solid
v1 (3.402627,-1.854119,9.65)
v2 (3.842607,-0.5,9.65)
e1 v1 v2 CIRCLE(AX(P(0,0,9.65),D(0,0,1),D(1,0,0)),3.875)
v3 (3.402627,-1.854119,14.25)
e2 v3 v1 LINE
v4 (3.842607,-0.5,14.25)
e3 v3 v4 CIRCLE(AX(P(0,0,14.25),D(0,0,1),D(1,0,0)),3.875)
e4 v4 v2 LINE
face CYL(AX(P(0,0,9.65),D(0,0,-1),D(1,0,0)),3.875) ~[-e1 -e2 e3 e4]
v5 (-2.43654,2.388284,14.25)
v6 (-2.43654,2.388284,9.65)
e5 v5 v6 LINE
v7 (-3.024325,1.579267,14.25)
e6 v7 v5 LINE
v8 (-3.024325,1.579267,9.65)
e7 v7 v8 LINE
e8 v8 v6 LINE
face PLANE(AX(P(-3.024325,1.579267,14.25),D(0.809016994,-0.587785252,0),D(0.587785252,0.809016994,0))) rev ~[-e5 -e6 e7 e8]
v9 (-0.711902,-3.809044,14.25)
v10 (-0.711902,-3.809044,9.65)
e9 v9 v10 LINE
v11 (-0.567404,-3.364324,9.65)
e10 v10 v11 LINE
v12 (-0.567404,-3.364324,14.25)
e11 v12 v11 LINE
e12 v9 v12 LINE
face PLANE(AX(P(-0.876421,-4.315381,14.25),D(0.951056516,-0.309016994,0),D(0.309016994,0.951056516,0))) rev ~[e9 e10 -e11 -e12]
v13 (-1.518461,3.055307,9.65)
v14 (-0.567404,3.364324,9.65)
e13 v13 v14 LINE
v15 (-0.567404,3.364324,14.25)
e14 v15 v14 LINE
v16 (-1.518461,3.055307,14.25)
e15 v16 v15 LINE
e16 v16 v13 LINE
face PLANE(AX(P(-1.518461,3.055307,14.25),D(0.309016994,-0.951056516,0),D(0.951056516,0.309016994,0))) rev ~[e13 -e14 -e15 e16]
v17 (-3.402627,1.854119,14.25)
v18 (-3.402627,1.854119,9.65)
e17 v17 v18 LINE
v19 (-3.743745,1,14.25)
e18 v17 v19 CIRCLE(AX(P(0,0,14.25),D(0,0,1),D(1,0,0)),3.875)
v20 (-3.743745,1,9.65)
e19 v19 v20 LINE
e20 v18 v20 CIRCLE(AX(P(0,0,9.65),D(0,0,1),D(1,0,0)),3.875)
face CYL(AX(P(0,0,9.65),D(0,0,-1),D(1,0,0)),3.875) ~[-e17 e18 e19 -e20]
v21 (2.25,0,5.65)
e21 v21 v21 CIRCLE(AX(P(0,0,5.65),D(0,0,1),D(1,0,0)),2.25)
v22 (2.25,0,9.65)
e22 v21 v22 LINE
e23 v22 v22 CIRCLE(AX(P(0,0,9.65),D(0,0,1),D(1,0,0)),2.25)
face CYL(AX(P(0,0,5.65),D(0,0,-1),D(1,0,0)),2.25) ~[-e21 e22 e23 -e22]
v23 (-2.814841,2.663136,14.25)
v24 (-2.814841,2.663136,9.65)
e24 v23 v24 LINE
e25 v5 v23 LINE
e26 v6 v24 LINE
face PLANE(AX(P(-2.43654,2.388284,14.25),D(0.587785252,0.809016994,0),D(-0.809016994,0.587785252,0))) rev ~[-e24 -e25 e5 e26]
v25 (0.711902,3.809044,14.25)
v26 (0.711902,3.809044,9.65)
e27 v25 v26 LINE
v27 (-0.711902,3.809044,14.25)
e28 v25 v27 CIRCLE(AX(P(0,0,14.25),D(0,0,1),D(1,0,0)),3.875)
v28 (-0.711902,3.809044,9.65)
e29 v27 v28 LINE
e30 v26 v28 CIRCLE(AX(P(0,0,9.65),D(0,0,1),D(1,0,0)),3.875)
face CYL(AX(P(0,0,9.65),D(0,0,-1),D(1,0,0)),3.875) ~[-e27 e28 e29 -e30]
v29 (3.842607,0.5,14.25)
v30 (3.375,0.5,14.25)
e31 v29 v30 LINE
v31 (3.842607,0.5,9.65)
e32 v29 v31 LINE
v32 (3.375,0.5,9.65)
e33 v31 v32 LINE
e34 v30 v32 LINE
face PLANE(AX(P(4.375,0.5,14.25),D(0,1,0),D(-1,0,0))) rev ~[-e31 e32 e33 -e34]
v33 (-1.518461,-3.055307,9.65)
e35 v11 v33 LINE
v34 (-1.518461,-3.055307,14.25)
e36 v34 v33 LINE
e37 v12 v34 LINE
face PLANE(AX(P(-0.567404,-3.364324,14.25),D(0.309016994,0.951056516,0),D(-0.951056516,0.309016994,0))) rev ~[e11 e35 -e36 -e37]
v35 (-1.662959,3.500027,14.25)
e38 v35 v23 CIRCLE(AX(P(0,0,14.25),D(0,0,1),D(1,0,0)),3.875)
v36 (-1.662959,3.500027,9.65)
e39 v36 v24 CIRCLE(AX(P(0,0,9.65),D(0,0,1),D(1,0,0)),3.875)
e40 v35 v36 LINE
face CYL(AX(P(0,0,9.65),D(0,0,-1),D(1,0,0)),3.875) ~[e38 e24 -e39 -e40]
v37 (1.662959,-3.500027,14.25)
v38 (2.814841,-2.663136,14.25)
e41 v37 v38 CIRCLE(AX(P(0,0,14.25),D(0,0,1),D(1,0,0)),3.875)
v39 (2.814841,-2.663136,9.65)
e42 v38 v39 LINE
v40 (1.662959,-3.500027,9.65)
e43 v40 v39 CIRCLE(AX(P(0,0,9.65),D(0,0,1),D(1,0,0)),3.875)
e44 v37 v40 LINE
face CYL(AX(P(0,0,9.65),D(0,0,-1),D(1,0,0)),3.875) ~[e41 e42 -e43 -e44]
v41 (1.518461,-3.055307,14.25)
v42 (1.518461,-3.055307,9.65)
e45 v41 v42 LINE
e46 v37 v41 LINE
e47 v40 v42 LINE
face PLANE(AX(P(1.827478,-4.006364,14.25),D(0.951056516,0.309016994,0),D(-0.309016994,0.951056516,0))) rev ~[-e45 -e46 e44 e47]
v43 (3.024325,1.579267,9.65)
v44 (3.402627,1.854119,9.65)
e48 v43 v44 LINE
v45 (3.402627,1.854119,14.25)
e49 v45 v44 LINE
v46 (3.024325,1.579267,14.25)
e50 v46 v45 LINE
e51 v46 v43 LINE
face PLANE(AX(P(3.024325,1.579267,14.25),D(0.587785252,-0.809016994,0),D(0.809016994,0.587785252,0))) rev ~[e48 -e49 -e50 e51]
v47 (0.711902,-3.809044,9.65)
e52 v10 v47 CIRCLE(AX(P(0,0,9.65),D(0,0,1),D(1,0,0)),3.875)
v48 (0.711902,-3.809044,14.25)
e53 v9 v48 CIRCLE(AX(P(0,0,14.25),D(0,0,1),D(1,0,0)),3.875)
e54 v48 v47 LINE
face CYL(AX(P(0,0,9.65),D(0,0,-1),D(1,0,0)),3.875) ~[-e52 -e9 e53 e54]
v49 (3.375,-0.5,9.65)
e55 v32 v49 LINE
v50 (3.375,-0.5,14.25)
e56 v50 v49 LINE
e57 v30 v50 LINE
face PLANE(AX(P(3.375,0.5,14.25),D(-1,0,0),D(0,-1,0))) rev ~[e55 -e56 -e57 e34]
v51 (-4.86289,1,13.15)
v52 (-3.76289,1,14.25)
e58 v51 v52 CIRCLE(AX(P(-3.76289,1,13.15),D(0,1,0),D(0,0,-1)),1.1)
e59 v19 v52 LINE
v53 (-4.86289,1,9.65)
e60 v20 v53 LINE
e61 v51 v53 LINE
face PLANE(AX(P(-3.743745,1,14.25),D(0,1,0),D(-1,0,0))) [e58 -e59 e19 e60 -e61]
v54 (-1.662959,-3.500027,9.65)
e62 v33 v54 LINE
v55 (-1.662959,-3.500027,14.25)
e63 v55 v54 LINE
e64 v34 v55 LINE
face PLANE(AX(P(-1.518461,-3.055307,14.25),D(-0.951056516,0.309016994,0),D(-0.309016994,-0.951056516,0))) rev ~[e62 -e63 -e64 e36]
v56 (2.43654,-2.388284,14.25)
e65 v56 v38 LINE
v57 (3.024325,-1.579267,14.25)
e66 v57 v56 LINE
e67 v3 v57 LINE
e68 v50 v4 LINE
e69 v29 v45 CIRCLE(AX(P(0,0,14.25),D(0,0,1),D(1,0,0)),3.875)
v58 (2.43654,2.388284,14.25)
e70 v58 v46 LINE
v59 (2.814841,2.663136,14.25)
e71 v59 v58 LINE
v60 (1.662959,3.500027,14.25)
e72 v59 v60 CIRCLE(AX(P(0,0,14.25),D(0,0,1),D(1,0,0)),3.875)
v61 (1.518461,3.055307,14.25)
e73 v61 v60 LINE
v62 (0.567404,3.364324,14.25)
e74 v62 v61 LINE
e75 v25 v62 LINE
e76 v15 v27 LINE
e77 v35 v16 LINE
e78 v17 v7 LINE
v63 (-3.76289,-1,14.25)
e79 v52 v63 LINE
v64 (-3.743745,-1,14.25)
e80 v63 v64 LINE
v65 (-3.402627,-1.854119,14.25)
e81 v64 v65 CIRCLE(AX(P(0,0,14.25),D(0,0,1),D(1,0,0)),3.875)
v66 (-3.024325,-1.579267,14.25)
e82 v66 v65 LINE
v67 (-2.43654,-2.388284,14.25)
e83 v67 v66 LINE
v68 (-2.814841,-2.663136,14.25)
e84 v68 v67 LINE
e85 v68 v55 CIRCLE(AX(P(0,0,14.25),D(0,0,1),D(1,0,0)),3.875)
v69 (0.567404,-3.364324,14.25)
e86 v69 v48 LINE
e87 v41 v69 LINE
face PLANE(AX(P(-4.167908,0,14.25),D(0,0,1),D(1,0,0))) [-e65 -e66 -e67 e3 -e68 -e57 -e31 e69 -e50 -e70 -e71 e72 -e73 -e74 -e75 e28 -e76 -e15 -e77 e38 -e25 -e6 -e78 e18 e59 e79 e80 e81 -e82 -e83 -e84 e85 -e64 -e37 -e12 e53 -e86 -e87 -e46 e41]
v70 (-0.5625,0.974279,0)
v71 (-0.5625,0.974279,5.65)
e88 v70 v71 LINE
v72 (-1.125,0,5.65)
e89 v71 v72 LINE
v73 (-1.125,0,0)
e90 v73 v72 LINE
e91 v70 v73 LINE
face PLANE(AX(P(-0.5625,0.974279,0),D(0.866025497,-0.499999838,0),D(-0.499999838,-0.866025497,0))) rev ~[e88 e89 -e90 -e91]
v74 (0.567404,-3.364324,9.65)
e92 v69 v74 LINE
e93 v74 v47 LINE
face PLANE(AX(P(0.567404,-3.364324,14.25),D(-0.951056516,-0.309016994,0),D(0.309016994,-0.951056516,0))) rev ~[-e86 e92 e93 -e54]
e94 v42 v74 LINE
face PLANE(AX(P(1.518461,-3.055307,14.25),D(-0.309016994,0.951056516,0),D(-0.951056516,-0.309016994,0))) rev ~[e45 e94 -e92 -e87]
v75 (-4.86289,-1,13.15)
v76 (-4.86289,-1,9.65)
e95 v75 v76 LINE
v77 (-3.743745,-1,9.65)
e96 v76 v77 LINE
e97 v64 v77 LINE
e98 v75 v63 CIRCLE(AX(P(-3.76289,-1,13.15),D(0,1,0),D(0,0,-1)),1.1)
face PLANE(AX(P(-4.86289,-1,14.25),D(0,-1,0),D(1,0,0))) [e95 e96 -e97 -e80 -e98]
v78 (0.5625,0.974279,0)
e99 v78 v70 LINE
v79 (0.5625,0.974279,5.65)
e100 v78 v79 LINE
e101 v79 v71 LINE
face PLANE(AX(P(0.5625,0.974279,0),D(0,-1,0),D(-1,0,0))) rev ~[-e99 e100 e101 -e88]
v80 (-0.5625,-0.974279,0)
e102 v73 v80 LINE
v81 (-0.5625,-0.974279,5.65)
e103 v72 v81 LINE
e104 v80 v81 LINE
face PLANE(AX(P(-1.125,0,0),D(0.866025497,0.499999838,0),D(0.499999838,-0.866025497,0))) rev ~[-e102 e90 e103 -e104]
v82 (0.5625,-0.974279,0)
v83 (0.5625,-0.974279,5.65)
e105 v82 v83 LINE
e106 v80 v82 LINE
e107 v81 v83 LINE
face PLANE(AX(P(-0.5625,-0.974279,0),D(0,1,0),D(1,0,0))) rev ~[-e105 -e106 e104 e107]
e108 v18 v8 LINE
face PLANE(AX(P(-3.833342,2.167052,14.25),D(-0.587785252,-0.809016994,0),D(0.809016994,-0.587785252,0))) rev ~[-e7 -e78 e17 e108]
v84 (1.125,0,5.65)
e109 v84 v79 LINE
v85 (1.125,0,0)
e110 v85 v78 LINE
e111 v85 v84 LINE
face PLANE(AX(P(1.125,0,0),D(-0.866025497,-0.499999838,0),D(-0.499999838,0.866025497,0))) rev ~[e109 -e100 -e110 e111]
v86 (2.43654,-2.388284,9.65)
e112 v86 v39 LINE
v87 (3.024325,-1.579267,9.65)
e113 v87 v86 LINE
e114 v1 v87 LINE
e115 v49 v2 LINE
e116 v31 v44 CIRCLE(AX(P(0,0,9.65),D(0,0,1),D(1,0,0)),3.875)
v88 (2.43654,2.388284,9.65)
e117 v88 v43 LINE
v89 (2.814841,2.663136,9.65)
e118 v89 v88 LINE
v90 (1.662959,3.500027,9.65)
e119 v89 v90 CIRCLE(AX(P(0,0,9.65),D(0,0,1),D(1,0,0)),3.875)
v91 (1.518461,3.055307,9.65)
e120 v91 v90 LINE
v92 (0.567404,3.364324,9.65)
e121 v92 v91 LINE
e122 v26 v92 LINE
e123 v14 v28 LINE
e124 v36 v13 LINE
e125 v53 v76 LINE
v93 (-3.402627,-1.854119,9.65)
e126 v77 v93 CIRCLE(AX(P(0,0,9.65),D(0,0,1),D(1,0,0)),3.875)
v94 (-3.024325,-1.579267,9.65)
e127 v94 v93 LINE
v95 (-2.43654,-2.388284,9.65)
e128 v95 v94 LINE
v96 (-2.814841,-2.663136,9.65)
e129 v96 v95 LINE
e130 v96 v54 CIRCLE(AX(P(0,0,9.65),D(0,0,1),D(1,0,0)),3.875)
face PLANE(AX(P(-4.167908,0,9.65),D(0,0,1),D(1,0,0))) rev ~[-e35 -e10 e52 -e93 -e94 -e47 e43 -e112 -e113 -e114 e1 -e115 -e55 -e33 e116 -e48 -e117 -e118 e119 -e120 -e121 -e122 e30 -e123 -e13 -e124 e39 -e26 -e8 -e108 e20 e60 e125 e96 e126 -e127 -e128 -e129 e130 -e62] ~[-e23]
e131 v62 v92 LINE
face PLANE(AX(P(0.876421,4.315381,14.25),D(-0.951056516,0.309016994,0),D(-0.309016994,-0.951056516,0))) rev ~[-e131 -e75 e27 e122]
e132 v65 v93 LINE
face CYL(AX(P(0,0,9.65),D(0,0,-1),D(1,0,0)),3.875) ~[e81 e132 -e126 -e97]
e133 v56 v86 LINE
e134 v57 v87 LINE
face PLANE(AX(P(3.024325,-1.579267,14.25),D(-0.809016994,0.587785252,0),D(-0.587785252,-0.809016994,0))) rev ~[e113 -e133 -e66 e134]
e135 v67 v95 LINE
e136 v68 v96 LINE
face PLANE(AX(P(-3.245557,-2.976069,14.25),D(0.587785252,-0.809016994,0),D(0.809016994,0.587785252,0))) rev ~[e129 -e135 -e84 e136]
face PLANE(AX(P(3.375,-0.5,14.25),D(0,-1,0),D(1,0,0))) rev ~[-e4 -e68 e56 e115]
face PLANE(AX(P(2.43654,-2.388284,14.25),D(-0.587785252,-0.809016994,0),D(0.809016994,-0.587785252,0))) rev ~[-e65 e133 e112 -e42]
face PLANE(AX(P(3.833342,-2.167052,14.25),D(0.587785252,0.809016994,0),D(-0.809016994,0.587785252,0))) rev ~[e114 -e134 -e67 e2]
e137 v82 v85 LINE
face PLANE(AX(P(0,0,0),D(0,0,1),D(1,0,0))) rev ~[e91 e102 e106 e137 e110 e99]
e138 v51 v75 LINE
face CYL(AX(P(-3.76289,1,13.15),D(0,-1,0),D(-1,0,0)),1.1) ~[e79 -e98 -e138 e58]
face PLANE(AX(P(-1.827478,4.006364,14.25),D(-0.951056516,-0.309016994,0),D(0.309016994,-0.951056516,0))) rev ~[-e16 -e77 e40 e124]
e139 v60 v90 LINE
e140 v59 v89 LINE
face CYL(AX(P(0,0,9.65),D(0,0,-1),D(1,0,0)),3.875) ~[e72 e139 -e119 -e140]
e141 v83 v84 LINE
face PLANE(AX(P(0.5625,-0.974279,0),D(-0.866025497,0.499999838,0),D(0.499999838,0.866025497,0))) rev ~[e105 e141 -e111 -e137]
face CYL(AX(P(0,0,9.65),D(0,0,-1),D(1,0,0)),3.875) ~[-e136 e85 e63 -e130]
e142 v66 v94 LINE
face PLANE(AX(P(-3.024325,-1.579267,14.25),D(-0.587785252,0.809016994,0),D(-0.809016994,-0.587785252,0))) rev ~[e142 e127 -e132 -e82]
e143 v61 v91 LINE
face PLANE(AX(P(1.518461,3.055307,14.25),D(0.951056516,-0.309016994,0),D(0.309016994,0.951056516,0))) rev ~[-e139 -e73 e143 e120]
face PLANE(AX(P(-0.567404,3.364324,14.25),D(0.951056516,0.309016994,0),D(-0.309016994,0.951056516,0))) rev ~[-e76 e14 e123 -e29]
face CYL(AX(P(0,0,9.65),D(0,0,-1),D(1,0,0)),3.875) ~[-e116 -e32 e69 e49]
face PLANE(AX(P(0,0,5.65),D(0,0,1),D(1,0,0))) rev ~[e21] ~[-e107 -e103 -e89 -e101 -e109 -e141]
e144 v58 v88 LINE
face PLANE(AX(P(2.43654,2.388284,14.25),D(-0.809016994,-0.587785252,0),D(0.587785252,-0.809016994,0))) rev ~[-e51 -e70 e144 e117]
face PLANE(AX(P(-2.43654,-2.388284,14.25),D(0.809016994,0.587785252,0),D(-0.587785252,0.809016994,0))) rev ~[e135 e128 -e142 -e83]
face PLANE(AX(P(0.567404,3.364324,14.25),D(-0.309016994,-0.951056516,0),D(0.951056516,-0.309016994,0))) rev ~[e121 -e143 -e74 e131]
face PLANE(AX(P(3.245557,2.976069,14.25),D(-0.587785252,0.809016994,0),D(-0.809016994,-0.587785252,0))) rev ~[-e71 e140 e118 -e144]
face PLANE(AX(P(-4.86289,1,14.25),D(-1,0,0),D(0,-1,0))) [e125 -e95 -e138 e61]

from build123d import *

# Parameters (mm, degrees)
F1_DEPTH  = 5.65
F2_R      = 2.25
F3_DEPTH  = 4
F4_R      = 3.875
F5_DEPTH  = 4.6
F7_DEPTH  = 5
F9_COUNT  = 10
F12_DEPTH = 4.6
F13_R     = 1.1


with BuildPart() as f1:
    # F0 (on Top) → F1 (new body)
    with BuildSketch(Plane.XY):
        Polygon((-0.5625, -0.974279), (0.5625, -0.974279), (1.125, 0), (0.5625, 0.974279), (-0.5625, 0.974279), (-1.125, 0), align=None)
    extrude(amount=F1_DEPTH)

    # F2 (on face) → F3 (join)
    with BuildSketch(Plane.XY.offset(5.65)):
        Circle(F2_R)
    extrude(amount=F3_DEPTH)

    # F4 (on face) → F5 (join)
    with BuildSketch(Plane.XY.offset(9.65)):
        Circle(F4_R)
    extrude(amount=F5_DEPTH)


with BuildPart() as f7:
    # F6 (on face) → F7 (new body)
    with BuildSketch(Plane.XY.offset(14.25)):
        with BuildLine():
            Line((3.842607, -0.5), (4.375, -0.5))
            Line((4.375, -0.5), (4.375, 0.5))
            Line((4.375, 0.5), (3.842607, 0.5))
            ThreePointArc((3.842607, 0.5), (3.866893, 0.250524), (3.875, 0))
            ThreePointArc((3.875, 0), (3.866893, -0.250524), (3.842607, -0.5))
        make_face()
        with BuildLine():
            Line((3.375, -0.5), (3.842607, -0.5))
            ThreePointArc((3.842607, -0.5), (3.866893, -0.250524), (3.875, 0))
            ThreePointArc((3.875, 0), (3.866893, 0.250524), (3.842607, 0.5))
            Line((3.842607, 0.5), (3.375, 0.5))
            Line((3.375, 0.5), (3.375, -0.5))
        make_face()
    extrude(amount=-F7_DEPTH)


with BuildPart() as f9_1:
    # F9: instance of F7
    add(f7.part.rotate(Axis((0, 0, 7.362194), (0, 0, -1)), 1 * 360 / F9_COUNT))


with BuildPart() as f9_2:
    # F9: instance of F7
    add(f7.part.rotate(Axis((0, 0, 7.362194), (0, 0, -1)), 2 * 360 / F9_COUNT))


with BuildPart() as f9_3:
    # F9: instance of F7
    add(f7.part.rotate(Axis((0, 0, 7.362194), (0, 0, -1)), 3 * 360 / F9_COUNT))


with BuildPart() as f9_4:
    # F9: instance of F7
    add(f7.part.rotate(Axis((0, 0, 7.362194), (0, 0, -1)), 4 * 360 / F9_COUNT))


with BuildPart() as f9_5:
    # F9: instance of F7
    add(f7.part.rotate(Axis((0, 0, 7.362194), (0, 0, -1)), 5 * 360 / F9_COUNT))


with BuildPart() as f9_6:
    # F9: instance of F7
    add(f7.part.rotate(Axis((0, 0, 7.362194), (0, 0, -1)), 6 * 360 / F9_COUNT))


with BuildPart() as f9_7:
    # F9: instance of F7
    add(f7.part.rotate(Axis((0, 0, 7.362194), (0, 0, -1)), 7 * 360 / F9_COUNT))


with BuildPart() as f9_8:
    # F9: instance of F7
    add(f7.part.rotate(Axis((0, 0, 7.362194), (0, 0, -1)), 8 * 360 / F9_COUNT))


with BuildPart() as f9_9:
    # F9: instance of F7
    add(f7.part.rotate(Axis((0, 0, 7.362194), (0, 0, -1)), 9 * 360 / F9_COUNT))


with BuildPart() as f1_1:
    add(f1.part)

    # F10: cut F7, F9_1, F9_2, F9_3, F9_4, F9_5, F9_6, F9_7, F9_8, F9_9
    add(f7.part, mode=Mode.SUBTRACT)
    add(f9_1.part, mode=Mode.SUBTRACT)
    add(f9_2.part, mode=Mode.SUBTRACT)
    add(f9_3.part, mode=Mode.SUBTRACT)
    add(f9_4.part, mode=Mode.SUBTRACT)
    add(f9_5.part, mode=Mode.SUBTRACT)
    add(f9_6.part, mode=Mode.SUBTRACT)
    add(f9_7.part, mode=Mode.SUBTRACT)
    add(f9_8.part, mode=Mode.SUBTRACT)
    add(f9_9.part, mode=Mode.SUBTRACT)

    # F11 (on face) → F12 (join)
    with BuildSketch(Plane.XY.offset(14.25)):
        with BuildLine():
            Line((-4.86289, -1), (-3.743745, -1))
            ThreePointArc((-3.743745, -1), (-3.801405, -0.751627), (-3.842607, -0.5))
            Line((-3.842607, -0.5), (-3.375, -0.5))
            Line((-3.375, -0.5), (-3.375, 0.5))
            Line((-3.375, 0.5), (-3.842607, 0.5))
            ThreePointArc((-3.842607, 0.5), (-3.801405, 0.751627), (-3.743745, 1))
            Line((-3.743745, 1), (-4.86289, 1))
            Line((-4.86289, 1), (-4.86289, -1))
        make_face()
    extrude(amount=-F12_DEPTH)

    # F13
    f13_edges = [f1_1.edges().sort_by_distance(p)[0] for p in [
        (-4.86289, 0, 14.25),
    ]]
    fillet(f13_edges, radius=F13_R)


solid = f1_1.part
